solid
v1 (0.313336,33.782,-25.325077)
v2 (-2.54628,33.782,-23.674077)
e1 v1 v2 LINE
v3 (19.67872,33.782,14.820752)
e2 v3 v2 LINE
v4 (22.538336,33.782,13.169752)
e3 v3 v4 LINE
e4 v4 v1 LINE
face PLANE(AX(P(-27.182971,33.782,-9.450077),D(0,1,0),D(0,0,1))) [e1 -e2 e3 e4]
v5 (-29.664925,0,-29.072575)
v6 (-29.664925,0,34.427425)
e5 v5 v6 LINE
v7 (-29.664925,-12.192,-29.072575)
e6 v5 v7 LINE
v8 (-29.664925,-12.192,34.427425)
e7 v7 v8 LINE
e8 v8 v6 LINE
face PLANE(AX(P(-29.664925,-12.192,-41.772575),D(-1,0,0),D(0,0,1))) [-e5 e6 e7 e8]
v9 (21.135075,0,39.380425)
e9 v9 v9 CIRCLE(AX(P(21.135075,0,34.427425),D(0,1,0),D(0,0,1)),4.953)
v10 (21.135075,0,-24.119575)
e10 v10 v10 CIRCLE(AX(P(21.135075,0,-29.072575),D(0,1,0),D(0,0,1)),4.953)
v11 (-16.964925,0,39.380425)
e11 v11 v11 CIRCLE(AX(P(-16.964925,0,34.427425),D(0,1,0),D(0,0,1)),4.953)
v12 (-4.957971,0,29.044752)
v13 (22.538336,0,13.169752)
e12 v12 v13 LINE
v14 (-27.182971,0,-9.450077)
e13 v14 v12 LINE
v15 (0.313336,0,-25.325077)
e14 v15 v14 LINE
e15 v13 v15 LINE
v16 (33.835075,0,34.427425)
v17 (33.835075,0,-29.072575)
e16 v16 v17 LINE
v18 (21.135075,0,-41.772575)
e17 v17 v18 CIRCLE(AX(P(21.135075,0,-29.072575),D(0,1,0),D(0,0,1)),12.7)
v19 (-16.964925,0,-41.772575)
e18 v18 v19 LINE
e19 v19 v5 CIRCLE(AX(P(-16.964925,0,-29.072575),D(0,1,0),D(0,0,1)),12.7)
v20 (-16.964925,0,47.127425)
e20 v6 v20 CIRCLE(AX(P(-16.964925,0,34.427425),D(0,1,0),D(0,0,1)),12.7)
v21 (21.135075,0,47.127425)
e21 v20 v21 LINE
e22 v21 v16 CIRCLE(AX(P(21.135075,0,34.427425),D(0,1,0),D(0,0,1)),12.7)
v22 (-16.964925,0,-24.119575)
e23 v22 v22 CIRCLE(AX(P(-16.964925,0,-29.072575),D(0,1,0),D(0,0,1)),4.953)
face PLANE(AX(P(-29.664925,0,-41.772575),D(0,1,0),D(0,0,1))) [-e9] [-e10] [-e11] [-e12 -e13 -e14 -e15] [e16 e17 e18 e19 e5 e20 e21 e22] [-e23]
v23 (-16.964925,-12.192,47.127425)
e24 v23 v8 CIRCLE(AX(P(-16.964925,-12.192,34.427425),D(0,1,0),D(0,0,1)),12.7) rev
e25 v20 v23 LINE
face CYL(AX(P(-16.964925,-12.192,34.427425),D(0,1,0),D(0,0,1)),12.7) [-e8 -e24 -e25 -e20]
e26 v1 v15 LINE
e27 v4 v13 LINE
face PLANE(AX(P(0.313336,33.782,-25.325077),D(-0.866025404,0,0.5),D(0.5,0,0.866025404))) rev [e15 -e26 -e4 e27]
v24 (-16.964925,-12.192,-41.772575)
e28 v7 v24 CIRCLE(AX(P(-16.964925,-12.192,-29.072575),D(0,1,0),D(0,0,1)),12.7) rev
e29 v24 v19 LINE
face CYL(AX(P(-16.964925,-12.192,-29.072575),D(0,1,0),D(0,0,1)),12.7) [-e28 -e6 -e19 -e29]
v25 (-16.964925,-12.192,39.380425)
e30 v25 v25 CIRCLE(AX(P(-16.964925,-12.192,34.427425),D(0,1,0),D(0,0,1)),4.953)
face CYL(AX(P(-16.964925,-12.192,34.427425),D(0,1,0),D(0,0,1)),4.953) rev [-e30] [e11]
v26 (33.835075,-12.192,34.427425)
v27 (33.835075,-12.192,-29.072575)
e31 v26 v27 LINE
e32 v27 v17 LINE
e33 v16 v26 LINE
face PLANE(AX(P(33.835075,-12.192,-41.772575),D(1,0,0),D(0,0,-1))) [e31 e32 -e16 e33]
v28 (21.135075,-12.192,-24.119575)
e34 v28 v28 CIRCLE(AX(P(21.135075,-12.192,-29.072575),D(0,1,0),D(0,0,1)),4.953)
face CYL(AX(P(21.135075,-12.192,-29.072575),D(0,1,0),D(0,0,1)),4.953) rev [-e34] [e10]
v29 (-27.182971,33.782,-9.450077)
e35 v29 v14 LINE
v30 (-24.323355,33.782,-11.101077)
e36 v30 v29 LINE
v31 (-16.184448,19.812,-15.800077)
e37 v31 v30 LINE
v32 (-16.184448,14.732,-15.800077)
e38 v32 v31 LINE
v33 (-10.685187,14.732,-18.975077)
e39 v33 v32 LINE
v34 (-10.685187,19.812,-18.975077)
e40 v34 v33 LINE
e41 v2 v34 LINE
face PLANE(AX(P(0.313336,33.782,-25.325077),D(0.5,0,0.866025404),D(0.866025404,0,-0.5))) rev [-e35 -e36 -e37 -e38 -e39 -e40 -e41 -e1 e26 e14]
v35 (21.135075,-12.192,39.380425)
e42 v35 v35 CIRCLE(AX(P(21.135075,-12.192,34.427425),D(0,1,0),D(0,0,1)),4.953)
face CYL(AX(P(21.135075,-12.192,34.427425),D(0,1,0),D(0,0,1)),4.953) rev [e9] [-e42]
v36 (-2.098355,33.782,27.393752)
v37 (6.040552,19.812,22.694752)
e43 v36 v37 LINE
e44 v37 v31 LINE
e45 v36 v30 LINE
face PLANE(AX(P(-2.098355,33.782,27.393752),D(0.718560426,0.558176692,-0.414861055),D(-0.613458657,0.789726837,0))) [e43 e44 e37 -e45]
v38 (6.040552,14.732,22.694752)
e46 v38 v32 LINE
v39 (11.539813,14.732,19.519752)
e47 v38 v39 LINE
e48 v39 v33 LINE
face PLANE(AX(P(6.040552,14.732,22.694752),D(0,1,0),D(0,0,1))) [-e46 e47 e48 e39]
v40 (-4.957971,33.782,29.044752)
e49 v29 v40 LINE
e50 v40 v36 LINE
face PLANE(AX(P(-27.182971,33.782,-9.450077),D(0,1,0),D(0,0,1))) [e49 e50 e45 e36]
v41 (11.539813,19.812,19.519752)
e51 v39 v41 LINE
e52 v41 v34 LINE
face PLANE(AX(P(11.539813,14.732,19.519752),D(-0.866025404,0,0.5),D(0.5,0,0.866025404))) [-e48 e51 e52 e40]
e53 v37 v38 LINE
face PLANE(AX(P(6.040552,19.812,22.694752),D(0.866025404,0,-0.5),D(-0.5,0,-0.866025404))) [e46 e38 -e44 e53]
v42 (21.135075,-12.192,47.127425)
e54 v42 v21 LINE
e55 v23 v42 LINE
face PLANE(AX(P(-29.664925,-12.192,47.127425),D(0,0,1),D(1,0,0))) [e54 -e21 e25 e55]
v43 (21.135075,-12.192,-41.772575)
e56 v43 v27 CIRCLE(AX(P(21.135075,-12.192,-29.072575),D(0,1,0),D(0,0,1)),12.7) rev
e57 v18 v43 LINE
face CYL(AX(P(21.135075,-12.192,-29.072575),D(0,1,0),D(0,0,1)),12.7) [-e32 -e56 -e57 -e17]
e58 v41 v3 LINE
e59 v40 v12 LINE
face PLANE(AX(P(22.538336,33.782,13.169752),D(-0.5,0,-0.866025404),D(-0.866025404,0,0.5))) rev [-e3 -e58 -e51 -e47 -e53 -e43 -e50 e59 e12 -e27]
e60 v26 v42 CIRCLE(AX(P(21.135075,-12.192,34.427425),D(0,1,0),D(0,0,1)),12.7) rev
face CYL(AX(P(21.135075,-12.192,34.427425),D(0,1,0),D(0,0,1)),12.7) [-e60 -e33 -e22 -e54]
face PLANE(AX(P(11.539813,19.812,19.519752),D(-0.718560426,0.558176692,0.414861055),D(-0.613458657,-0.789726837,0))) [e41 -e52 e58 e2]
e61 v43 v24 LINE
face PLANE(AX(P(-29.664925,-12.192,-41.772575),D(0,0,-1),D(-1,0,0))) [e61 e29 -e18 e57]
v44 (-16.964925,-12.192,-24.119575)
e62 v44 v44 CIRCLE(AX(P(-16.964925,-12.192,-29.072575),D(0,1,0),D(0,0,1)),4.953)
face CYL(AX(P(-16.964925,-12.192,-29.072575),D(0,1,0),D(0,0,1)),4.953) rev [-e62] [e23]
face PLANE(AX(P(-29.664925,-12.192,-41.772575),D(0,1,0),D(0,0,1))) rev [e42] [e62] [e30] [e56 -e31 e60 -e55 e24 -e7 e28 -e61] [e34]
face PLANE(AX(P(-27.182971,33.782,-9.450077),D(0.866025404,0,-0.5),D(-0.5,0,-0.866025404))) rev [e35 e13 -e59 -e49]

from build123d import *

# Parameters (mm, degrees)
SKETCH1_W            = 63.5
SKETCH1_H            = 88.9
EXTRUDE1_DEPTH       = 12.192
SKETCH2_R            = 4.953
CUT_EXTRUDE1_DEPTH   = 13.192
LPATTERN1_COUNT      = 2
LPATTERN1_PITCH      = 63.5
LPATTERN1_COUNT_DIR2 = 2
LPATTERN1_PITCH_DIR2 = 38.1
FILLET1_R            = 12.7
EXTRUDE2_DEPTH       = 33.782
CUT_EXTRUDE3_DEPTH   = 74.683081323


with BuildPart() as part:
    # Sketch1 → Extrude1 (new body)
    with BuildSketch(Plane(origin=(0, 0, 0), x_dir=(1, 0, 0), z_dir=(0, 1, 0))):
        with Locations((2.085074627, -2.677425373)):
            Rectangle(SKETCH1_W, SKETCH1_H)
    extrude(amount=-EXTRUDE1_DEPTH)

    # Sketch2 → Cut-Extrude1 (cut, through all)
    with BuildSketch(Plane(origin=(0, 0, 0), x_dir=(-1, 0, 0), z_dir=(0, 1, 0))):
        with Locations((-21.135074627, 34.427425373)):
            Circle(SKETCH2_R)
    cut_extrude1 = extrude(amount=-CUT_EXTRUDE1_DEPTH, mode=Mode.SUBTRACT)

    # LPattern1: Cut-Extrude1 2 × 2
    with Locations(*[(-j * LPATTERN1_PITCH_DIR2, 0, -i * LPATTERN1_PITCH) for i in range(LPATTERN1_COUNT) for j in range(LPATTERN1_COUNT_DIR2) if (i, j) != (0, 0)]):
        add(cut_extrude1, mode=Mode.SUBTRACT)

    # Fillet1
    fillet1_edges = [part.edges().sort_by_distance(p)[0] for p in [
        (-29.664925373, -6.096, -41.772574627),
        (33.835074627, -6.096, -41.772574627),
        (33.835074627, -6.096, 47.127425373),
        (-29.664925373, -6.096, 47.127425373),
    ]]
    fillet(fillet1_edges, radius=FILLET1_R)

    # Sketch4 → Extrude2 (add)
    with BuildSketch(Plane(origin=(0, 0, 0), x_dir=(-1, 0, 0), z_dir=(0, 1, 0))):
        Polygon((-0.31333595, -25.325077129), (-22.53833595, 13.169752069), (4.95797062, 29.044752069), (27.18297062, -9.450077129), align=None)
    extrude(amount=EXTRUDE2_DEPTH)

    # Sketch5 → Cut-Extrude3 (cut, through all)
    with BuildSketch(Plane(origin=(11.337253914, 0, 19.636699798), x_dir=(0.866025404, 0, -0.5), z_dir=(0.5, 0, 0.866025404))):
        Polygon((-110.61611964, 175.14986028), (-15.514104542, 33.782), (-6.116104542, 19.812), (-6.116104542, 14.732), (0.233895458, 14.732), (0.233895458, 19.812), (9.631895458, 33.782), (104.733910555, 175.14986028), (104.733910555, 515.909395413), (-110.61611964, 515.909395413), align=None)
    extrude(amount=-CUT_EXTRUDE3_DEPTH, mode=Mode.SUBTRACT)


solid = part.part
